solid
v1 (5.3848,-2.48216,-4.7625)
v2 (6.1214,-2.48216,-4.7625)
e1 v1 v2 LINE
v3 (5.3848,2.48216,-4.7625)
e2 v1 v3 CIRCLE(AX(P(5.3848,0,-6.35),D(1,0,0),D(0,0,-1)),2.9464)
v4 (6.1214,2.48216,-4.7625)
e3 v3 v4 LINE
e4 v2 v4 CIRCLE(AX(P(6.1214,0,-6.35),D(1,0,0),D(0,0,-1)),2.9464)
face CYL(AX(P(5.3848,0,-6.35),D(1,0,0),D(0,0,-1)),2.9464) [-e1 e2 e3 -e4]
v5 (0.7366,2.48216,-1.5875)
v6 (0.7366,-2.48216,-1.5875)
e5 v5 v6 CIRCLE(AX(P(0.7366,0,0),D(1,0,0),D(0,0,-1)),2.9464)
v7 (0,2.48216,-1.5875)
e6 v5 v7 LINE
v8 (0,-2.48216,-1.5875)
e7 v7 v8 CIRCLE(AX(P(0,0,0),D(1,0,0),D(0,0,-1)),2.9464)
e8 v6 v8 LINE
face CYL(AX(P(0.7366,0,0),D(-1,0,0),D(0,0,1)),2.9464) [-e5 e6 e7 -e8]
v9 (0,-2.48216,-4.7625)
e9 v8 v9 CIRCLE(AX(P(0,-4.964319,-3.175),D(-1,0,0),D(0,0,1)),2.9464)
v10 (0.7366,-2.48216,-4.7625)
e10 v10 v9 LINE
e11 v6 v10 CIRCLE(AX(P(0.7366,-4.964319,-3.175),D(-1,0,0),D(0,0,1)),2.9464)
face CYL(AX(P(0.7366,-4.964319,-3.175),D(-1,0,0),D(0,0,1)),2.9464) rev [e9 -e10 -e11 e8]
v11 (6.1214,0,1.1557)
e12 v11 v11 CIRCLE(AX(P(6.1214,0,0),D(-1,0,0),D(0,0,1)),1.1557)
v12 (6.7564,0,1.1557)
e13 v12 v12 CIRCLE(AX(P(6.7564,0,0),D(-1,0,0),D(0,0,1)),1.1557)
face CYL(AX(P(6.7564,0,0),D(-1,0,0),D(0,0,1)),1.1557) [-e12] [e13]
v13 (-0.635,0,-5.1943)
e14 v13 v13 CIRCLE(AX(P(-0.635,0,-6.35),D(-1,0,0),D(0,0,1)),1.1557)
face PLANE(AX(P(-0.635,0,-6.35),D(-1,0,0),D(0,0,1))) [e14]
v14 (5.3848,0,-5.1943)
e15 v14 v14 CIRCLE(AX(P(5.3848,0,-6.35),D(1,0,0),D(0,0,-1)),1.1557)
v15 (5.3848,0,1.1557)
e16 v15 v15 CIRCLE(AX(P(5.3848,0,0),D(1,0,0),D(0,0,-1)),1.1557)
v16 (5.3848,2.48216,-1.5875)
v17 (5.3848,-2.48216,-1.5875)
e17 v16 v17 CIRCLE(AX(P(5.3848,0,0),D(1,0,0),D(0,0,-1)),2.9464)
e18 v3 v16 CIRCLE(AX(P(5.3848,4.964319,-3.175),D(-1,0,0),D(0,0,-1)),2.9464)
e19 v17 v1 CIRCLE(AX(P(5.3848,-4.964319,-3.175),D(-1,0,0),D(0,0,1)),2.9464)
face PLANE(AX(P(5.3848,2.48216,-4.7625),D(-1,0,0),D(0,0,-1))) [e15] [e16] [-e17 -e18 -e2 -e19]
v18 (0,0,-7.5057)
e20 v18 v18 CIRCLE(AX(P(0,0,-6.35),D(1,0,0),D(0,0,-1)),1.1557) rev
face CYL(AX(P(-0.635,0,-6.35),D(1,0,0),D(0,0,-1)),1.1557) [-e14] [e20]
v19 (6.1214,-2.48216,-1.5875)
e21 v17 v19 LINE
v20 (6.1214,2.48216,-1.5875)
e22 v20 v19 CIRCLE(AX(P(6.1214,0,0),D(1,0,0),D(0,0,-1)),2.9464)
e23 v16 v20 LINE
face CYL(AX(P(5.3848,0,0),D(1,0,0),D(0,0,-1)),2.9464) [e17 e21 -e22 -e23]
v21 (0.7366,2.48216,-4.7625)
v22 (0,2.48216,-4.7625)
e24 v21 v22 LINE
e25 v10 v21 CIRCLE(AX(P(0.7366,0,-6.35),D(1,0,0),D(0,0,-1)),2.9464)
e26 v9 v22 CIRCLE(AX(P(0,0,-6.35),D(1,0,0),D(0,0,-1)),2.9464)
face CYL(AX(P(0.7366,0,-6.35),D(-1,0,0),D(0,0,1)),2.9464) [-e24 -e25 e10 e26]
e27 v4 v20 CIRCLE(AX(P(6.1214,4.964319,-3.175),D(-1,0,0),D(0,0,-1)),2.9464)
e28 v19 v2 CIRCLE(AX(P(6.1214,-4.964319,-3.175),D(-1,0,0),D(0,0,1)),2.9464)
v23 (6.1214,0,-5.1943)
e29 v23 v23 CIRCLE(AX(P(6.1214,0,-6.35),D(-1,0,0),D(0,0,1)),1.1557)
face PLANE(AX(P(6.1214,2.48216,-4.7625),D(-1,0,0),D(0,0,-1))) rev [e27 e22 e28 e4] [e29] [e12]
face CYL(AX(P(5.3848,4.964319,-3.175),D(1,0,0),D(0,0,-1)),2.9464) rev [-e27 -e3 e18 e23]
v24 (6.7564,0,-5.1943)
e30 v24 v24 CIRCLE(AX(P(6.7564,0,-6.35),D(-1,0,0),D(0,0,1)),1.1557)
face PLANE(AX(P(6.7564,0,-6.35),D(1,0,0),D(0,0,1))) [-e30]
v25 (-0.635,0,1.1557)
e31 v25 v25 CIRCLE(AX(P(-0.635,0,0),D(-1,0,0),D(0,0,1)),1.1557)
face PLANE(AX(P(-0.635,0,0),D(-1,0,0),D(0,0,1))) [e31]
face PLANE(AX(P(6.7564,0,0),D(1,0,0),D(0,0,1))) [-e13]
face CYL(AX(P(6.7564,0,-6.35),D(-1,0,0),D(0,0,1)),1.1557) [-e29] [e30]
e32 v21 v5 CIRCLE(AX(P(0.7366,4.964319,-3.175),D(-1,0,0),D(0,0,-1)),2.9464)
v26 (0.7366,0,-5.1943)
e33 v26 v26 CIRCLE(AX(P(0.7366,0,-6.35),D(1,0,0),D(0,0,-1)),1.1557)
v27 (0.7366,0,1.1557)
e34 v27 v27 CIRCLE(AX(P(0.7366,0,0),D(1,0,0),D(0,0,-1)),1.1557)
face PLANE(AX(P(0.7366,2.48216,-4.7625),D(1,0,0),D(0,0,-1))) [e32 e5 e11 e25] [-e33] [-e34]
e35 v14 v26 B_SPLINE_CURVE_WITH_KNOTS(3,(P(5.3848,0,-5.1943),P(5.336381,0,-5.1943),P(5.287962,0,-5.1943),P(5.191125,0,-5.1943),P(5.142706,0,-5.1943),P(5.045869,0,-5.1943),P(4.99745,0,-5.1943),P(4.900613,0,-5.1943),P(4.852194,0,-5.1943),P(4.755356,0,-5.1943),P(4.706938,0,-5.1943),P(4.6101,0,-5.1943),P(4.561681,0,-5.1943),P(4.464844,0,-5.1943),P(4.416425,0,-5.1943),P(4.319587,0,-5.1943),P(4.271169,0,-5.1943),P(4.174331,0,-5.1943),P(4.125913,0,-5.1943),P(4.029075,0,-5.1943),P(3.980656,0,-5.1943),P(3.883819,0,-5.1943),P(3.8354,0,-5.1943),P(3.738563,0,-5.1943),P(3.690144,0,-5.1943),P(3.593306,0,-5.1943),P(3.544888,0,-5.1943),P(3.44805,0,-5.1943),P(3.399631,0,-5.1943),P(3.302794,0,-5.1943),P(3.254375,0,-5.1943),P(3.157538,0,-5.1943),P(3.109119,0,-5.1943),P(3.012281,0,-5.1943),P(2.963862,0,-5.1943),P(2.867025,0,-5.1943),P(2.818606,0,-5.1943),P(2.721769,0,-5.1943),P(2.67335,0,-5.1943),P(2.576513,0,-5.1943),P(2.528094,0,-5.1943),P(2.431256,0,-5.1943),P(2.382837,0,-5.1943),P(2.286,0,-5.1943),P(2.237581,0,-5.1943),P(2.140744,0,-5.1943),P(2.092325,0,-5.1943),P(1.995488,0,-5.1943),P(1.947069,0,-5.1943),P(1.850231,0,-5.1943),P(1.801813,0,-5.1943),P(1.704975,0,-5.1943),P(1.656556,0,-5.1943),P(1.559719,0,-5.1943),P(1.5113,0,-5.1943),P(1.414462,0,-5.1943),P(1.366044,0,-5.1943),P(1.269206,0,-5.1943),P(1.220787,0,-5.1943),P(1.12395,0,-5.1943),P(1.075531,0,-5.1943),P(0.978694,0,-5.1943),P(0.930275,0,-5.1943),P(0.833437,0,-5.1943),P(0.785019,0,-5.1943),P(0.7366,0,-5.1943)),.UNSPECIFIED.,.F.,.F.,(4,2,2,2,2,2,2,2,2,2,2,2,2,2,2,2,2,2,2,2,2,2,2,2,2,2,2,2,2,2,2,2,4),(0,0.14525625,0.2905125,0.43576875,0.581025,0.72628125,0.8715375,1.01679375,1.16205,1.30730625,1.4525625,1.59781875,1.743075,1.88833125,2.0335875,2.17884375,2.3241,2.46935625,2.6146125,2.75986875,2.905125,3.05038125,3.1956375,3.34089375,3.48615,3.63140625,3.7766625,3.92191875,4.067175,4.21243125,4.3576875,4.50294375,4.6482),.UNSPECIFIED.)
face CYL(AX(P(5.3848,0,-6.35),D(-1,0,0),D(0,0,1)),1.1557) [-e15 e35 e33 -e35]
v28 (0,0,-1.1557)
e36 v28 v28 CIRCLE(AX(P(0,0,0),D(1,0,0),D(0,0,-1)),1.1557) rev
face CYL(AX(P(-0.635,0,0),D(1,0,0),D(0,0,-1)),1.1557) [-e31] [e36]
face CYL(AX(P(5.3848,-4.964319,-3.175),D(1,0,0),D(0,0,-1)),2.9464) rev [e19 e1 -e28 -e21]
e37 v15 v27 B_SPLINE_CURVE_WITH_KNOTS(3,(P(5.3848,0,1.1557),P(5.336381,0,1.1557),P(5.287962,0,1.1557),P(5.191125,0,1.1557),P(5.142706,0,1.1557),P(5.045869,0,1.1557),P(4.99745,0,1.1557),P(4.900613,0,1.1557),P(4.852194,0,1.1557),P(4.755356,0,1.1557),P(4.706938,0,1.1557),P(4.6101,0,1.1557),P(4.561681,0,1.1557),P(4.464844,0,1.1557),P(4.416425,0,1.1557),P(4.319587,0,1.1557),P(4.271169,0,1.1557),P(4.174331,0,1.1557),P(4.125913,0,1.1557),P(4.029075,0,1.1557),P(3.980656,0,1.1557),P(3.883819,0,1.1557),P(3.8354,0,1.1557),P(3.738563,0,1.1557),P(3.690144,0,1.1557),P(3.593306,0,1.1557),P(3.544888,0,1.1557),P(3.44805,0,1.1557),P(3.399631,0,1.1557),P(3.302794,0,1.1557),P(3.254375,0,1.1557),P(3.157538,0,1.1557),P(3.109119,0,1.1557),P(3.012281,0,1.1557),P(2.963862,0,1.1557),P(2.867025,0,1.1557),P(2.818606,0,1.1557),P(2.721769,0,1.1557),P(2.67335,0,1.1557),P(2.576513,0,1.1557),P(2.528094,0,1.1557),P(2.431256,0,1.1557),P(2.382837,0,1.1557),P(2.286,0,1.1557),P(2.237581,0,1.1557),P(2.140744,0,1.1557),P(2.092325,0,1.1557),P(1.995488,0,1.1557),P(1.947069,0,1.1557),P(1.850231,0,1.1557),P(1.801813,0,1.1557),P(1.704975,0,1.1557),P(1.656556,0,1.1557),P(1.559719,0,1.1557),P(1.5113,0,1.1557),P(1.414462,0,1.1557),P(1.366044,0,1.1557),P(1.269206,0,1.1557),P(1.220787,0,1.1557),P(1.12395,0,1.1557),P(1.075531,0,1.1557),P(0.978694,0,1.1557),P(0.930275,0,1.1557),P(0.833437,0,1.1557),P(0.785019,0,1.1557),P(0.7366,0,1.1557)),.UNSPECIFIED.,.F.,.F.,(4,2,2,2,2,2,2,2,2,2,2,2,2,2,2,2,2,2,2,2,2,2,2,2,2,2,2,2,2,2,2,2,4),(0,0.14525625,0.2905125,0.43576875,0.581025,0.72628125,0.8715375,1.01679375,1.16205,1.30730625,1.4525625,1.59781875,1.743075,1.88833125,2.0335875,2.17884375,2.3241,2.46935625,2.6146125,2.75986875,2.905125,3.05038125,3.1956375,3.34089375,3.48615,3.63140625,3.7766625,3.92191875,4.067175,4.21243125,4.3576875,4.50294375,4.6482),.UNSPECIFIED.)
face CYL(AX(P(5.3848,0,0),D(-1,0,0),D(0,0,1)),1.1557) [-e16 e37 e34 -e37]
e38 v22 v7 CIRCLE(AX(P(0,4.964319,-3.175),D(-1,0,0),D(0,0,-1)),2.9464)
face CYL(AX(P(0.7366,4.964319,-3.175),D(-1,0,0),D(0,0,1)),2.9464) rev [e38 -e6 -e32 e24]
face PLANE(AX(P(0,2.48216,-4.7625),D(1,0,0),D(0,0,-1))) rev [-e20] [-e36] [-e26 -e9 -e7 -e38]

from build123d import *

# Parameters (mm, degrees)
BOSS_EXTRUDE1_DEPTH = 0.7366
SKETCH2_R           = 1.1557
BOSS_EXTRUDE2_DEPTH = 4.6482
BOSS_EXTRUDE3_START = 0.635
SKETCH3_R           = 1.1557
BOSS_EXTRUDE3_DEPTH = 0.635


with BuildPart() as part:
    # Sketch1 → Boss-Extrude1 (new body)
    with BuildSketch(Plane(origin=(0, 0, 0), x_dir=(0, 0, -1), z_dir=(1, 0, 0))):
        with BuildLine():
            ThreePointArc((1.5875, 2.482159687), (-2.9464, 0), (1.5875, -2.482159687))
            ThreePointArc((1.5875, -2.482159687), (3.175, -2.017919373), (4.7625, -2.482159687))
            ThreePointArc((4.7625, -2.482159687), (9.2964, 0), (4.7625, 2.482159687))
            ThreePointArc((4.7625, 2.482159687), (3.175, 2.017919373), (1.5875, 2.482159687))
        make_face()
    boss_extrude1 = extrude(amount=BOSS_EXTRUDE1_DEPTH)

    # Sketch2 → Boss-Extrude2 (add)
    with BuildSketch(Plane(origin=(0.7366, 0, 0), x_dir=(0, 0, -1), z_dir=(1, 0, 0))):
        with Locations(Location((0, 0, 0), (0, 0, 180))):
            Circle(SKETCH2_R)
        with Locations(Location((6.35, 0, 0), (0, 0, 180))):
            Circle(SKETCH2_R)
    extrude(amount=BOSS_EXTRUDE2_DEPTH)

    # Sketch3 → Boss-Extrude3 (add)
    with BuildSketch(Plane.ZY.offset(BOSS_EXTRUDE3_START)):
        Circle(SKETCH3_R)
        with Locations((-6.35, 0)):
            Circle(SKETCH3_R)
    boss_extrude3 = extrude(amount=-BOSS_EXTRUDE3_DEPTH)

    # Mirror1: Boss-Extrude1, Boss-Extrude3 across plane
    add(boss_extrude1.mirror(Plane(origin=(3.0607, 0, 0), x_dir=(0, 0, 1), z_dir=(1, 0, 0))))
    add(boss_extrude3.mirror(Plane(origin=(3.0607, 0, 0), x_dir=(0, 0, 1), z_dir=(1, 0, 0))))


solid = part.part
